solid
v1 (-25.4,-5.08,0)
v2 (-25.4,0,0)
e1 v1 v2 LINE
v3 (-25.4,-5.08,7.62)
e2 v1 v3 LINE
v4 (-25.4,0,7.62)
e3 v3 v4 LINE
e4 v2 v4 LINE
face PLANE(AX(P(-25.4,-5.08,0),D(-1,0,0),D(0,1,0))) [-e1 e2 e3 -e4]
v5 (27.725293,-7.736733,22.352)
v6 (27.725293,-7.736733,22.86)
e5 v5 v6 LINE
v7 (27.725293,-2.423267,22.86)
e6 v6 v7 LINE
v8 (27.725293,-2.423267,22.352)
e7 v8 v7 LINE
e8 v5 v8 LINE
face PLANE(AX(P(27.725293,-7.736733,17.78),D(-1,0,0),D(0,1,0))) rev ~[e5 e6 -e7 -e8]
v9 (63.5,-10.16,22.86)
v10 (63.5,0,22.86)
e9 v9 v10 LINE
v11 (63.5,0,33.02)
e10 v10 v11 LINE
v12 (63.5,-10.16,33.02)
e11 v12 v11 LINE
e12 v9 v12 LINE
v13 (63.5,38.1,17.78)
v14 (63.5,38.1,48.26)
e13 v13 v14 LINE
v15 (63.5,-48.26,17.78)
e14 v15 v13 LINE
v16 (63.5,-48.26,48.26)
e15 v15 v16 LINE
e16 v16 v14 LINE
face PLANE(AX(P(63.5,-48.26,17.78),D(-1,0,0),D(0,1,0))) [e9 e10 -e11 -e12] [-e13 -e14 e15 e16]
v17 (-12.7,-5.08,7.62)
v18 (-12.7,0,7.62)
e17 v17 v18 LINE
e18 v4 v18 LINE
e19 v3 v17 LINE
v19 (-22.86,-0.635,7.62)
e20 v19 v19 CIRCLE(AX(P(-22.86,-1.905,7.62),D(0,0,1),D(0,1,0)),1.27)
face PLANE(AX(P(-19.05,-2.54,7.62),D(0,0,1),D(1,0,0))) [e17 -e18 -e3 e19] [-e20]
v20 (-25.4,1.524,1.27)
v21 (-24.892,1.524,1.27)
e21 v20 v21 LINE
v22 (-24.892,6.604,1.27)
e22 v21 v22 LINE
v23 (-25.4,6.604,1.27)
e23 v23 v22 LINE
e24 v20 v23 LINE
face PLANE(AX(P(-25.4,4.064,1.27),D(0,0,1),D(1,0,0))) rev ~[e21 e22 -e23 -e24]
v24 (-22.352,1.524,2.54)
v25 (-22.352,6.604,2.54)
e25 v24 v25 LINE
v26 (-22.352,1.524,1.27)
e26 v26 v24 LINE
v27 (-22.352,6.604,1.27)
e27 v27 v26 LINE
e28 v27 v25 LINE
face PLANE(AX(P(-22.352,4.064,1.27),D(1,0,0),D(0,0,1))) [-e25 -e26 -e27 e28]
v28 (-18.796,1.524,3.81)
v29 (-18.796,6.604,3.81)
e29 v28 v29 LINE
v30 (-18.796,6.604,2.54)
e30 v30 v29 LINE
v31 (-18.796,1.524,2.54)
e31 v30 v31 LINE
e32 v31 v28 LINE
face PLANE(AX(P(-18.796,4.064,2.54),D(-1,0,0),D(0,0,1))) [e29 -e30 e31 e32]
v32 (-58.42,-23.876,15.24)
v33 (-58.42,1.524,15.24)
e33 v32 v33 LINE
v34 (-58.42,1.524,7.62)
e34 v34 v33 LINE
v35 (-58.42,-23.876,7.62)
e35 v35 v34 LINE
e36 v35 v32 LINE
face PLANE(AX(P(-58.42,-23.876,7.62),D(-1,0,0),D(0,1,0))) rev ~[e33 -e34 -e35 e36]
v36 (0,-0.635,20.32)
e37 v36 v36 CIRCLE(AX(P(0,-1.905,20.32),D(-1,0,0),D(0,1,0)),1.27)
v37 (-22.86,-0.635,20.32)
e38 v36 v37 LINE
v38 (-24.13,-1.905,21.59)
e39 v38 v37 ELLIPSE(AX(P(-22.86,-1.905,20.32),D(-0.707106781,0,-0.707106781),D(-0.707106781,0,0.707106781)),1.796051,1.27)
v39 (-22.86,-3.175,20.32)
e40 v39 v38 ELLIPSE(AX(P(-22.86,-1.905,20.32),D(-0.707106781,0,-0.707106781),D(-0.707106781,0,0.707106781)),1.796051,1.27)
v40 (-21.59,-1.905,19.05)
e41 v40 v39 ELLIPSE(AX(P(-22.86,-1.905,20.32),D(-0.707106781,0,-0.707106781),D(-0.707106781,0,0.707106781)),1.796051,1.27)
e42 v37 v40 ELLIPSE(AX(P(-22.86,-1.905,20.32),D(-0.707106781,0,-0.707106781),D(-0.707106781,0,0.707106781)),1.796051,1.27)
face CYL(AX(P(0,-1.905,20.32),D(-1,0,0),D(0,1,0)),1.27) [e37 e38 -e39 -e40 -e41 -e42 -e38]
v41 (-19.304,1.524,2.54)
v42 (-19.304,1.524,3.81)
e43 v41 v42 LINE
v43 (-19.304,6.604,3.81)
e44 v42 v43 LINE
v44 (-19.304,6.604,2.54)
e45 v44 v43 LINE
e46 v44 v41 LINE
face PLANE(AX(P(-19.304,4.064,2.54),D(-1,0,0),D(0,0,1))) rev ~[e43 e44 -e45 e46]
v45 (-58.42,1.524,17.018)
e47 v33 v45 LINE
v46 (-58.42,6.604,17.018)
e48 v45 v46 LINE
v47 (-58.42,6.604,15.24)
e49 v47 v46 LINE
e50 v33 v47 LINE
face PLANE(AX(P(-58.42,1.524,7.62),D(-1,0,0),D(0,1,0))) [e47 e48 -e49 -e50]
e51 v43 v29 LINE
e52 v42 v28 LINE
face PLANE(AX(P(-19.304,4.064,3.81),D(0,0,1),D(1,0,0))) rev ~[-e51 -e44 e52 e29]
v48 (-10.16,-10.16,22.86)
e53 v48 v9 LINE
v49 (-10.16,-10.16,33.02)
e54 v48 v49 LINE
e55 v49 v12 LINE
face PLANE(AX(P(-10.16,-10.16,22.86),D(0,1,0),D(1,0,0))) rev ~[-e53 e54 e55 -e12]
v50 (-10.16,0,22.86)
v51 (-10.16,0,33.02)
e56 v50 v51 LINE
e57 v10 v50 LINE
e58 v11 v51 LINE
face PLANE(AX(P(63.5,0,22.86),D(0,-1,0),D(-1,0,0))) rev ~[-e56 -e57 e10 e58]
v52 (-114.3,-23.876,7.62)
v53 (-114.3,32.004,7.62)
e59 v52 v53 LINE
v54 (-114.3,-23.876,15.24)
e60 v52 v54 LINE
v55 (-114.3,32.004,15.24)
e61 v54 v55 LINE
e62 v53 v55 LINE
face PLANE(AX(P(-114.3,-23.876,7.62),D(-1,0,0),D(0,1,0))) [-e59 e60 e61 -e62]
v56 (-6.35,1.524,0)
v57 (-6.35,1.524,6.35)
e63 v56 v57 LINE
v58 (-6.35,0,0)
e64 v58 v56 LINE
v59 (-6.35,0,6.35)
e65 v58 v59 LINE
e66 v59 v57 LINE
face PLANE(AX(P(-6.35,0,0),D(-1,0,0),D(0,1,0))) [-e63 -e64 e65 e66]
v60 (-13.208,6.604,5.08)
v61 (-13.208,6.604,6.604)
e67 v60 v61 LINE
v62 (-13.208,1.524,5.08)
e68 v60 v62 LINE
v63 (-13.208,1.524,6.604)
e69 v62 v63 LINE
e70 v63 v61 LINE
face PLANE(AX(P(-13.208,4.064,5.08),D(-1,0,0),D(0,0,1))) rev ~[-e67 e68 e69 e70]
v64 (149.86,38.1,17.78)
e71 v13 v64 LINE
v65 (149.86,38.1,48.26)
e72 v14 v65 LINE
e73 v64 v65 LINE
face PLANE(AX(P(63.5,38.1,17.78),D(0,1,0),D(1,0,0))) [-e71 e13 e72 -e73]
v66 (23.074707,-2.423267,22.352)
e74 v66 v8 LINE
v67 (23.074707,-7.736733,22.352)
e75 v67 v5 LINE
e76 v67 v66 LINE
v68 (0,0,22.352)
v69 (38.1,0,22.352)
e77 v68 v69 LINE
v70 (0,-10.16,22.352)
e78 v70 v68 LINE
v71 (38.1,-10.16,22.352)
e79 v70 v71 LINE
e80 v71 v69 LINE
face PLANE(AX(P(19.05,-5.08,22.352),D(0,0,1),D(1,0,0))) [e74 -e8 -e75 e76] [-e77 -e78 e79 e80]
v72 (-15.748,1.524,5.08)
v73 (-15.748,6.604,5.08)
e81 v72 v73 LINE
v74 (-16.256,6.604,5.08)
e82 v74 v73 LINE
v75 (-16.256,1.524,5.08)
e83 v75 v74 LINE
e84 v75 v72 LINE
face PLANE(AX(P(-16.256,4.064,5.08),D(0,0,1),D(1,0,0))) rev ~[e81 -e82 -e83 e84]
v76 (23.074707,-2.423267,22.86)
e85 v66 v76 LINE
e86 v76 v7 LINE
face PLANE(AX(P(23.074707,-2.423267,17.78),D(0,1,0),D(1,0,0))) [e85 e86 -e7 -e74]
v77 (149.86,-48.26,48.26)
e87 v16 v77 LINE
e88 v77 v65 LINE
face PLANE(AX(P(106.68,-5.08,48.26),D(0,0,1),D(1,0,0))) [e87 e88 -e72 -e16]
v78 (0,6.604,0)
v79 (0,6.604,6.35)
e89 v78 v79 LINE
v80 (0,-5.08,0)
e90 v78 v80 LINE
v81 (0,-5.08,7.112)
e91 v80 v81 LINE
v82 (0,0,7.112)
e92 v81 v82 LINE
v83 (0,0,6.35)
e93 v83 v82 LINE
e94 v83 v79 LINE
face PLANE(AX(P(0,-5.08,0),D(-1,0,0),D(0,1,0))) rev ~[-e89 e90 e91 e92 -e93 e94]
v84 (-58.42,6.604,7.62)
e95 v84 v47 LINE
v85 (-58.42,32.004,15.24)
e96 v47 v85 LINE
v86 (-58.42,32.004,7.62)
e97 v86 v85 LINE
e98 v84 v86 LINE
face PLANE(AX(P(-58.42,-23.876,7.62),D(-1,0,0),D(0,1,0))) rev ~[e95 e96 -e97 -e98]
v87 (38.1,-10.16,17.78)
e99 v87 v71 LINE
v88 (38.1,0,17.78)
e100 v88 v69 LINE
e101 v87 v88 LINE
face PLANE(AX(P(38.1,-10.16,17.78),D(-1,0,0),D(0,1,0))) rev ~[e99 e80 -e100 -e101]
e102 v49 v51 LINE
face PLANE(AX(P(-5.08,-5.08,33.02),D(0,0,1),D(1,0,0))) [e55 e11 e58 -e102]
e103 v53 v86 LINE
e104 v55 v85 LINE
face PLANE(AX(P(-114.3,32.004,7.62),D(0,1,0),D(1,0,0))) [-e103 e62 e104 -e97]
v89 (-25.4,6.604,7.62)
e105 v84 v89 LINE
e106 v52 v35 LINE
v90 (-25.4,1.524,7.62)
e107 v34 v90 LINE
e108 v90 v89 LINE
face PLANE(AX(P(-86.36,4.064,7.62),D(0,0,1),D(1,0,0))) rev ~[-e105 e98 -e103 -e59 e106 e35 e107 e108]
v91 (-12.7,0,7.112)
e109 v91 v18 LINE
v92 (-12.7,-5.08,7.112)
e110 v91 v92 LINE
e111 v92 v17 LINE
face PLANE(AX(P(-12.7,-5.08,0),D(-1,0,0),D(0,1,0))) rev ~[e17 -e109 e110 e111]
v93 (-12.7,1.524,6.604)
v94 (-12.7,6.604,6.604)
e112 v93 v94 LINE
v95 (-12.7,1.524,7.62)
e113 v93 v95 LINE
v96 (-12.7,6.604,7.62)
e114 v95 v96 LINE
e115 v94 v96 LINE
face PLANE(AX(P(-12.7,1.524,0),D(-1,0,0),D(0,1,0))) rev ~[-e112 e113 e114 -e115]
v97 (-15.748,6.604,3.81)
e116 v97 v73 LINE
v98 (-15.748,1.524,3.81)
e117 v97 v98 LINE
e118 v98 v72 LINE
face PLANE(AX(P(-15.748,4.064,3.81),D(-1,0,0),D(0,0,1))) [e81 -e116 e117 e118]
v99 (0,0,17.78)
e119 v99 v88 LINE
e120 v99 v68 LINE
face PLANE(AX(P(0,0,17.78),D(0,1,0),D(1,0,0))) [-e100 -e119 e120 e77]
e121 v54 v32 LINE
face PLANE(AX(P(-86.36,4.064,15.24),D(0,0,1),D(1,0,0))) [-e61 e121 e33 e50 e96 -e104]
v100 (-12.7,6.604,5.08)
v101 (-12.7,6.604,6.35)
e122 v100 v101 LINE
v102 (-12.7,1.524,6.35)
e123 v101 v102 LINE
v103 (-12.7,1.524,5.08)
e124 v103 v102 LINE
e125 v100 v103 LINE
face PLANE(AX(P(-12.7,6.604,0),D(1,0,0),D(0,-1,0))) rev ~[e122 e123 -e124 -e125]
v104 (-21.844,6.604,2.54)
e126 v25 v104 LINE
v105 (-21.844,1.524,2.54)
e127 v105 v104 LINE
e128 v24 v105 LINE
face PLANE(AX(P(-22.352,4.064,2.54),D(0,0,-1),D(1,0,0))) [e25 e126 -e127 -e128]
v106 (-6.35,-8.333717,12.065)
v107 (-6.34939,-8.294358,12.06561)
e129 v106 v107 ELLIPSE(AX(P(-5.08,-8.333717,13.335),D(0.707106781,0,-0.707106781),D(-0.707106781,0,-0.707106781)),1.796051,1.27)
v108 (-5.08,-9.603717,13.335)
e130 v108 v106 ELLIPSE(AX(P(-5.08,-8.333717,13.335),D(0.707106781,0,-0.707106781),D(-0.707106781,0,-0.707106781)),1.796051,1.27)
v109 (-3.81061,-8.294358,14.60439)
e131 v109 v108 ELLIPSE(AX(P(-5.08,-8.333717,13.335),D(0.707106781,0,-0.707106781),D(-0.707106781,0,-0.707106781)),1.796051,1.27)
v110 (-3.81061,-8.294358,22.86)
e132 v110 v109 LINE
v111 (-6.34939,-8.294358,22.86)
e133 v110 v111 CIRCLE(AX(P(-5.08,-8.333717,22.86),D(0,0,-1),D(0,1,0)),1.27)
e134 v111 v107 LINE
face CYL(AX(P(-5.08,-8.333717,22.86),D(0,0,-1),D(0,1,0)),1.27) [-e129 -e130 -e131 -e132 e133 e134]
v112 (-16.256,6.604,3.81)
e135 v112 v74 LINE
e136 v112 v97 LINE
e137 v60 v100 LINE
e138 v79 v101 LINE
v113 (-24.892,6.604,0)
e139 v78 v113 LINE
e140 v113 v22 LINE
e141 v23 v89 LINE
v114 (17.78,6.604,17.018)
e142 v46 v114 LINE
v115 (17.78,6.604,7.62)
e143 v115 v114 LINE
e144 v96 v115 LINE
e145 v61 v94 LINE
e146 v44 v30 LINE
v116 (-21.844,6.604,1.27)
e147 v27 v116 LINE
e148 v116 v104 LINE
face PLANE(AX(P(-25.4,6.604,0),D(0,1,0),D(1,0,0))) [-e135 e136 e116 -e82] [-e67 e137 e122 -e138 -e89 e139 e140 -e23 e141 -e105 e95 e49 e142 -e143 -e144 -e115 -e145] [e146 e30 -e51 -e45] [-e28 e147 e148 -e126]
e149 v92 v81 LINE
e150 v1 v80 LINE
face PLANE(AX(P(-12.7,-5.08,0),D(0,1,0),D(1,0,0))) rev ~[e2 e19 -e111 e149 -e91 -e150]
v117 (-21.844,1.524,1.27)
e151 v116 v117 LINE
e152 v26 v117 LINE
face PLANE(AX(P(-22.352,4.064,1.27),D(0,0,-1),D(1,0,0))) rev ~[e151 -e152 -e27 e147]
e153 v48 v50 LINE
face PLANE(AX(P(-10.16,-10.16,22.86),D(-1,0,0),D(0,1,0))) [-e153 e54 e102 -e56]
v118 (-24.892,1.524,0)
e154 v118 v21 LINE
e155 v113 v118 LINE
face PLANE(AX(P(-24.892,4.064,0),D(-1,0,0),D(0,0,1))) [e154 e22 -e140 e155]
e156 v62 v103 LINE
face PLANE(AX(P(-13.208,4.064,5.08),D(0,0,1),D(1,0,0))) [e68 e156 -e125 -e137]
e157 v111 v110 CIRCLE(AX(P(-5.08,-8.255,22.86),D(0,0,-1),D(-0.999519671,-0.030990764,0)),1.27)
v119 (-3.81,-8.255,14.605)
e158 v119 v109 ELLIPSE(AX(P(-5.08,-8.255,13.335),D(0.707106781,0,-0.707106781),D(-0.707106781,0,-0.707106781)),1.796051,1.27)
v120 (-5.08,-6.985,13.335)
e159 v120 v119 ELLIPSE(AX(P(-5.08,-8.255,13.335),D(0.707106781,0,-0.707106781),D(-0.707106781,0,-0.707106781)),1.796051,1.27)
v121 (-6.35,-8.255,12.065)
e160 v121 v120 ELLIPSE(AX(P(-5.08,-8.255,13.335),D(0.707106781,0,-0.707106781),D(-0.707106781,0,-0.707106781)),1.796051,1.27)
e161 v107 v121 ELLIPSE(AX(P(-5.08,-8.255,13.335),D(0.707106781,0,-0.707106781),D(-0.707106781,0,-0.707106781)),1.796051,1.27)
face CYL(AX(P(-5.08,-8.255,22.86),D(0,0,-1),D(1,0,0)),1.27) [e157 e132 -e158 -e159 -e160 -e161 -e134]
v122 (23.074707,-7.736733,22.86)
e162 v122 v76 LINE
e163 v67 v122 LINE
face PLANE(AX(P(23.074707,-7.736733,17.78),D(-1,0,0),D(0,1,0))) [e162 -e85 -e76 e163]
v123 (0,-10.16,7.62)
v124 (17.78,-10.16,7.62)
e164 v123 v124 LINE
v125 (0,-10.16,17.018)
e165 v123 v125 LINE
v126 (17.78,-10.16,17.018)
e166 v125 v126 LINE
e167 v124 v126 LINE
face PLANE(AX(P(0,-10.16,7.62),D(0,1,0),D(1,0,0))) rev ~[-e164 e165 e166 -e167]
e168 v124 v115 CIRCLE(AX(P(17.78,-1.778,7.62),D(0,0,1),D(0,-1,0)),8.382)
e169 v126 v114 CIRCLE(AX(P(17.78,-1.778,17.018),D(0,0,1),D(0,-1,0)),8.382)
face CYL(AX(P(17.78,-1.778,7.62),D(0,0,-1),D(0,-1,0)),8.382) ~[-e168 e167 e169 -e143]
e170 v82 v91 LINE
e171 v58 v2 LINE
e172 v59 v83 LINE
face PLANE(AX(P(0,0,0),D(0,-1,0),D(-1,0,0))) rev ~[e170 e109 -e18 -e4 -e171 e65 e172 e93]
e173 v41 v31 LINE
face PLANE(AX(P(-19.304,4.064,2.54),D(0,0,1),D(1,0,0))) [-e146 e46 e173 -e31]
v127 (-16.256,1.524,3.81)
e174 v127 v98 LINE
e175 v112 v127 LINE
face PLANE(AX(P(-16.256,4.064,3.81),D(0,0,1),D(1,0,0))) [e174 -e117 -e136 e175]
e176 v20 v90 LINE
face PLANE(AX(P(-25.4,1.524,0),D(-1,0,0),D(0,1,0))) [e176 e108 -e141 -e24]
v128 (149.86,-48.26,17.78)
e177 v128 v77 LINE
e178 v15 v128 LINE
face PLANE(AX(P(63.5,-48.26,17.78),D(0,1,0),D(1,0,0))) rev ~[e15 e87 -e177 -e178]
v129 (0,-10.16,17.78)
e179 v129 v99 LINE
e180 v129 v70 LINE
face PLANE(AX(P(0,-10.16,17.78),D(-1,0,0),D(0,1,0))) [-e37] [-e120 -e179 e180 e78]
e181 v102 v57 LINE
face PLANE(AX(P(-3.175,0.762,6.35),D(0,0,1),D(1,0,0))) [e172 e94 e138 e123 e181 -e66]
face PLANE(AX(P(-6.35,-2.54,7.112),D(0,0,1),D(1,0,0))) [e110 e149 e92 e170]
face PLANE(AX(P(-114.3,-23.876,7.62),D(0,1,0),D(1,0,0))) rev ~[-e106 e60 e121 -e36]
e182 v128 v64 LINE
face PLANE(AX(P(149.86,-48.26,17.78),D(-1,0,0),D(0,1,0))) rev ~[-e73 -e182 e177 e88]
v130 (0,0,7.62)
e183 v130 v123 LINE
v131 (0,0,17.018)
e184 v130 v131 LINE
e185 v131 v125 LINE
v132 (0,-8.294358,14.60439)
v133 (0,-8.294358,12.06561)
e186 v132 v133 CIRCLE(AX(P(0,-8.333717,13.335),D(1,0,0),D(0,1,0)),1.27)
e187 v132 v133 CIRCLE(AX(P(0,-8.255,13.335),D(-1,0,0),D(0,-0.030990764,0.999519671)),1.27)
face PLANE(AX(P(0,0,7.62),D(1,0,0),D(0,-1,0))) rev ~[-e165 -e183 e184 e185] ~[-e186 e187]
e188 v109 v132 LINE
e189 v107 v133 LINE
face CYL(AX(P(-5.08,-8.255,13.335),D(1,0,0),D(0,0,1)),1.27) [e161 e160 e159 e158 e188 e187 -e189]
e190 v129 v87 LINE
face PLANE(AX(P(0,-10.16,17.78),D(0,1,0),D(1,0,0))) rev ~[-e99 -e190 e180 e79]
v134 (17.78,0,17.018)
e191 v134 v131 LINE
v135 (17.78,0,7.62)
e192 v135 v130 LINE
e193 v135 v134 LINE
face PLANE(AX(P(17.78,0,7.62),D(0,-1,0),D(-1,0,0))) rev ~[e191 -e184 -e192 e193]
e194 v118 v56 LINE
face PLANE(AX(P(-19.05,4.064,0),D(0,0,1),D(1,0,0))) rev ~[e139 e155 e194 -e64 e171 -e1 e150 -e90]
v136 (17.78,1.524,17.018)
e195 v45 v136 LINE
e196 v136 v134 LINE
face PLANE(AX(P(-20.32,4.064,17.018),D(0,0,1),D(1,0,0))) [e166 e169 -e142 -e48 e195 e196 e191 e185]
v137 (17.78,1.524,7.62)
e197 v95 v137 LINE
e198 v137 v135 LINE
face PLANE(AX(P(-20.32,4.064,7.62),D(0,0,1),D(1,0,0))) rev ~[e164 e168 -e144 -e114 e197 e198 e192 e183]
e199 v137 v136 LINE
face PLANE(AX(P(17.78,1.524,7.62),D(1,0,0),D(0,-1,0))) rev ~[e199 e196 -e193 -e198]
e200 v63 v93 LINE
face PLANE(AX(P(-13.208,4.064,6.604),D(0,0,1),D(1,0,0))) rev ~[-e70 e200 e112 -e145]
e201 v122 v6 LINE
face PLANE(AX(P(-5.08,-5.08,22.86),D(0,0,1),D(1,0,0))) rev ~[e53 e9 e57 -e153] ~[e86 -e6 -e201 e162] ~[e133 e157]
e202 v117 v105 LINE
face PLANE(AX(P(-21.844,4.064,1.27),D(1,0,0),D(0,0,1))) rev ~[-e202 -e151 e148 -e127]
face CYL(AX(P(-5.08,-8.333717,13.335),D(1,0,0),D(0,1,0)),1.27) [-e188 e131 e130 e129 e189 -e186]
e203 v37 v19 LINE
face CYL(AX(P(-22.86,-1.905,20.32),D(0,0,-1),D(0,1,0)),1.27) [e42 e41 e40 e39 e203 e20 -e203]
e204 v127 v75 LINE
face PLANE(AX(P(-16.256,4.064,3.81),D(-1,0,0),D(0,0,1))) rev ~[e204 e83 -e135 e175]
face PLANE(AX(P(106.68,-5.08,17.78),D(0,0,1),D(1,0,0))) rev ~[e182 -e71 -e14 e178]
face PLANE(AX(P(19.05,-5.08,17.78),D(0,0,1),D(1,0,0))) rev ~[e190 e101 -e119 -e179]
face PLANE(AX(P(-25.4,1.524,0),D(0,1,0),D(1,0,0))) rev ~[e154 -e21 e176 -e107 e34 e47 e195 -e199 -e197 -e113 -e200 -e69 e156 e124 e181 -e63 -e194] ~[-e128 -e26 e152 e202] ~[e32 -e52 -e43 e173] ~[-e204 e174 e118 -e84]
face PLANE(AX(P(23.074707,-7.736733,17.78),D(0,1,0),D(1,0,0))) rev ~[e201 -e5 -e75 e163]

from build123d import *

# Parameters (mm, degrees)
F2_W      = 76.2
F2_H      = 5.08
F3_DEPTH  = 9.398
F5_W      = 38.1
F5_H      = 10.16
F5_W_2    = 4.6505859673
F5_H_2    = 5.3134663665
F11_DEPTH = 4.572
F7_W      = 10.16
F7_H      = 10.16
F7_R      = 1.27
F7_W_2    = 63.5
F12_DEPTH = 10.16
F8_R      = 1.27
F2_R      = 1.27
F0_W      = 12.7
F0_H      = 5.08
F19_DEPTH = 7.62
F20_DEPTH = 7.112
F0_W_2    = 6.35
F0_H_2    = 1.524
F21_DEPTH = 6.35
F22_DEPTH = 7.62
F17_W     = 0.508
F17_H     = 1.524
F17_H_2   = 1.27
F23_DEPTH = 2.54
F24_W     = 86.36
F24_H     = 86.36
F25_DEPTH = 30.48
F26_W     = 55.88
F26_H     = 55.88
F27_DEPTH = 7.62
F28_DEPTH = 5.08


with BuildPart() as f3:
    # F2 (on offset) → F3 (new body)
    with BuildSketch(Plane.XY.offset(7.62)):
        with Locations((-20.32, 4.064)):
            Rectangle(F2_W, F2_H)
        Polygon((17.78, 0), (0, 0), (0, -5.08), (0, -10.16), (17.78, -10.16), (17.78, -5.08), align=None)
        with BuildLine():
            Line((17.78, 1.524), (17.78, 0))
            Line((17.78, 0), (17.78, -5.08))
            Line((17.78, -5.08), (17.78, -10.16))
            ThreePointArc((17.78, -10.16), (26.162, -1.778), (17.78, 6.604))
            Line((17.78, 6.604), (17.78, 1.524))
        make_face()
    extrude(amount=F3_DEPTH)



with BuildPart() as f11:
    # F5 (on offset) → F11 (new body)
    with BuildSketch(Plane.XY.offset(17.78)):
        with Locations((19.05, -5.08)):
            Rectangle(F5_W, F5_H)
        with Locations((25.4, -5.08)):
            Rectangle(F5_W_2, F5_H_2, mode=Mode.SUBTRACT)
    extrude(amount=F11_DEPTH)

    # F15: sweep along a path in F14
    with BuildLine(Plane.XZ.offset(1.905)) as f15_path:
        Line((0, 20.32), (-22.86, 20.32))
        Line((-22.86, 20.32), (-22.86, 7.62))
    # F8 (on Right) + F2 (on offset) → F15 (sweep)
    with BuildSketch(Plane.YZ):
        with Locations((-1.905, 20.32)):
            Circle(F8_R)
    with BuildSketch(Plane.XY.offset(7.62)):
        with Locations((-22.86, -1.905)):
            Circle(F2_R)
    sweep(path=f15_path.line, transition=Transition.RIGHT)


with BuildPart() as f12:
    # F7 (on offset) → F12 (new body)
    with BuildSketch(Plane.XY.offset(22.86)):
        with Locations((-5.08, -5.08)):
            Rectangle(F7_W, F7_H)
        with Locations((-5.08, -8.255)):
            Circle(F7_R, mode=Mode.SUBTRACT)
        with Locations((31.75, -5.08)):
            Rectangle(F7_W_2, F7_H)
        with Locations((-5.08, -8.255)):
            Circle(F7_R)
    extrude(amount=F12_DEPTH)


with BuildPart() as f3_1:
    add(f3.part)

    add(f12.part)  # F18 merges F12
    # F18: sweep along a path in F10
    with BuildLine(Plane.XZ.offset(8.255)) as f18_path:
        Line((-5.08, 22.86), (-5.08, 13.335))
        Line((-5.08, 13.335), (0, 13.335))
    # F8 (on Right) + F7 (on offset) → F18 (sweep)
    with BuildSketch(Plane.YZ):
        with Locations((-8.3337165415, 13.335)):
            Circle(F8_R)
    with BuildSketch(Plane.XY.offset(22.86)):
        with Locations((-5.08, -8.255)):
            Circle(F7_R)
    sweep(path=f18_path.line, transition=Transition.RIGHT)

    # F24 (on offset) → F25 (join)
    with BuildSketch(Plane.XY.offset(17.78)):
        with Locations((106.68, -5.08)):
            Rectangle(F24_W, F24_H)
    extrude(amount=F25_DEPTH)


    add(f11.part)  # F27 merges F11


with BuildPart() as f19:
    # F0 (on Top) → F19 (new body)
    with BuildSketch(Plane.XY):
        with Locations((-19.05, -2.54)):
            Rectangle(F0_W, F0_H)
    extrude(amount=F19_DEPTH)

    # F0 (on Top) → F20 (join)
    with BuildSketch(Plane.XY):
        Polygon((0, -5.08), (0, 0), (-6.35, 0), (-12.7, 0), (-12.7, -5.08), align=None)
    extrude(amount=F20_DEPTH)

    # F0 (on Top) → F21 (join)
    with BuildSketch(Plane.XY):
        with Locations((-3.175, 0.762)):
            Rectangle(F0_W_2, F0_H_2)
        Polygon((-6.35, 1.524), (0, 1.524), (0, 6.604), (-12.7, 6.604), (-12.7, 1.524), align=None)
    extrude(amount=F21_DEPTH)


with BuildPart() as f22:
    # F0 (on Top) → F22 (new body)
    with BuildSketch(Plane.XY):
        with Locations((-19.05, 4.064)):
            Rectangle(F0_W, F0_H)
    extrude(amount=F22_DEPTH)

    # F17 (on offset) → F23 (cut, symmetric)
    with BuildSketch(Plane.XZ.offset(-4.064)):
        with Locations((-12.954, 5.842)):
            Rectangle(F17_W, F17_H)
        with Locations((-25.146, 0.635)):
            Rectangle(F17_W, F17_H_2)
        with Locations((-19.05, 3.175)):
            Rectangle(F17_W, F17_H_2)
        with Locations((-16.002, 4.445)):
            Rectangle(F17_W, F17_H_2)
        with Locations((-22.098, 1.905)):
            Rectangle(F17_W, F17_H_2)
    extrude(amount=F23_DEPTH, both=True, mode=Mode.SUBTRACT)


with BuildPart() as f3_2:
    add(f3_1.part)

    add(f19.part)  # F27 merges F19

    add(f22.part)  # F27 merges F22
    # F26 (on offset) → F27 (join)
    with BuildSketch(Plane.XY.offset(7.62)):
        with Locations((-86.36, 4.064)):
            Rectangle(F26_W, F26_H)
    extrude(amount=F27_DEPTH)

    # F5 (on offset) → F28 (join)
    with BuildSketch(Plane.XY.offset(17.78)):
        with Locations((25.4, -5.08)):
            Rectangle(F5_W_2, F5_H_2)
    extrude(amount=F28_DEPTH)


solid = f3_2.part
